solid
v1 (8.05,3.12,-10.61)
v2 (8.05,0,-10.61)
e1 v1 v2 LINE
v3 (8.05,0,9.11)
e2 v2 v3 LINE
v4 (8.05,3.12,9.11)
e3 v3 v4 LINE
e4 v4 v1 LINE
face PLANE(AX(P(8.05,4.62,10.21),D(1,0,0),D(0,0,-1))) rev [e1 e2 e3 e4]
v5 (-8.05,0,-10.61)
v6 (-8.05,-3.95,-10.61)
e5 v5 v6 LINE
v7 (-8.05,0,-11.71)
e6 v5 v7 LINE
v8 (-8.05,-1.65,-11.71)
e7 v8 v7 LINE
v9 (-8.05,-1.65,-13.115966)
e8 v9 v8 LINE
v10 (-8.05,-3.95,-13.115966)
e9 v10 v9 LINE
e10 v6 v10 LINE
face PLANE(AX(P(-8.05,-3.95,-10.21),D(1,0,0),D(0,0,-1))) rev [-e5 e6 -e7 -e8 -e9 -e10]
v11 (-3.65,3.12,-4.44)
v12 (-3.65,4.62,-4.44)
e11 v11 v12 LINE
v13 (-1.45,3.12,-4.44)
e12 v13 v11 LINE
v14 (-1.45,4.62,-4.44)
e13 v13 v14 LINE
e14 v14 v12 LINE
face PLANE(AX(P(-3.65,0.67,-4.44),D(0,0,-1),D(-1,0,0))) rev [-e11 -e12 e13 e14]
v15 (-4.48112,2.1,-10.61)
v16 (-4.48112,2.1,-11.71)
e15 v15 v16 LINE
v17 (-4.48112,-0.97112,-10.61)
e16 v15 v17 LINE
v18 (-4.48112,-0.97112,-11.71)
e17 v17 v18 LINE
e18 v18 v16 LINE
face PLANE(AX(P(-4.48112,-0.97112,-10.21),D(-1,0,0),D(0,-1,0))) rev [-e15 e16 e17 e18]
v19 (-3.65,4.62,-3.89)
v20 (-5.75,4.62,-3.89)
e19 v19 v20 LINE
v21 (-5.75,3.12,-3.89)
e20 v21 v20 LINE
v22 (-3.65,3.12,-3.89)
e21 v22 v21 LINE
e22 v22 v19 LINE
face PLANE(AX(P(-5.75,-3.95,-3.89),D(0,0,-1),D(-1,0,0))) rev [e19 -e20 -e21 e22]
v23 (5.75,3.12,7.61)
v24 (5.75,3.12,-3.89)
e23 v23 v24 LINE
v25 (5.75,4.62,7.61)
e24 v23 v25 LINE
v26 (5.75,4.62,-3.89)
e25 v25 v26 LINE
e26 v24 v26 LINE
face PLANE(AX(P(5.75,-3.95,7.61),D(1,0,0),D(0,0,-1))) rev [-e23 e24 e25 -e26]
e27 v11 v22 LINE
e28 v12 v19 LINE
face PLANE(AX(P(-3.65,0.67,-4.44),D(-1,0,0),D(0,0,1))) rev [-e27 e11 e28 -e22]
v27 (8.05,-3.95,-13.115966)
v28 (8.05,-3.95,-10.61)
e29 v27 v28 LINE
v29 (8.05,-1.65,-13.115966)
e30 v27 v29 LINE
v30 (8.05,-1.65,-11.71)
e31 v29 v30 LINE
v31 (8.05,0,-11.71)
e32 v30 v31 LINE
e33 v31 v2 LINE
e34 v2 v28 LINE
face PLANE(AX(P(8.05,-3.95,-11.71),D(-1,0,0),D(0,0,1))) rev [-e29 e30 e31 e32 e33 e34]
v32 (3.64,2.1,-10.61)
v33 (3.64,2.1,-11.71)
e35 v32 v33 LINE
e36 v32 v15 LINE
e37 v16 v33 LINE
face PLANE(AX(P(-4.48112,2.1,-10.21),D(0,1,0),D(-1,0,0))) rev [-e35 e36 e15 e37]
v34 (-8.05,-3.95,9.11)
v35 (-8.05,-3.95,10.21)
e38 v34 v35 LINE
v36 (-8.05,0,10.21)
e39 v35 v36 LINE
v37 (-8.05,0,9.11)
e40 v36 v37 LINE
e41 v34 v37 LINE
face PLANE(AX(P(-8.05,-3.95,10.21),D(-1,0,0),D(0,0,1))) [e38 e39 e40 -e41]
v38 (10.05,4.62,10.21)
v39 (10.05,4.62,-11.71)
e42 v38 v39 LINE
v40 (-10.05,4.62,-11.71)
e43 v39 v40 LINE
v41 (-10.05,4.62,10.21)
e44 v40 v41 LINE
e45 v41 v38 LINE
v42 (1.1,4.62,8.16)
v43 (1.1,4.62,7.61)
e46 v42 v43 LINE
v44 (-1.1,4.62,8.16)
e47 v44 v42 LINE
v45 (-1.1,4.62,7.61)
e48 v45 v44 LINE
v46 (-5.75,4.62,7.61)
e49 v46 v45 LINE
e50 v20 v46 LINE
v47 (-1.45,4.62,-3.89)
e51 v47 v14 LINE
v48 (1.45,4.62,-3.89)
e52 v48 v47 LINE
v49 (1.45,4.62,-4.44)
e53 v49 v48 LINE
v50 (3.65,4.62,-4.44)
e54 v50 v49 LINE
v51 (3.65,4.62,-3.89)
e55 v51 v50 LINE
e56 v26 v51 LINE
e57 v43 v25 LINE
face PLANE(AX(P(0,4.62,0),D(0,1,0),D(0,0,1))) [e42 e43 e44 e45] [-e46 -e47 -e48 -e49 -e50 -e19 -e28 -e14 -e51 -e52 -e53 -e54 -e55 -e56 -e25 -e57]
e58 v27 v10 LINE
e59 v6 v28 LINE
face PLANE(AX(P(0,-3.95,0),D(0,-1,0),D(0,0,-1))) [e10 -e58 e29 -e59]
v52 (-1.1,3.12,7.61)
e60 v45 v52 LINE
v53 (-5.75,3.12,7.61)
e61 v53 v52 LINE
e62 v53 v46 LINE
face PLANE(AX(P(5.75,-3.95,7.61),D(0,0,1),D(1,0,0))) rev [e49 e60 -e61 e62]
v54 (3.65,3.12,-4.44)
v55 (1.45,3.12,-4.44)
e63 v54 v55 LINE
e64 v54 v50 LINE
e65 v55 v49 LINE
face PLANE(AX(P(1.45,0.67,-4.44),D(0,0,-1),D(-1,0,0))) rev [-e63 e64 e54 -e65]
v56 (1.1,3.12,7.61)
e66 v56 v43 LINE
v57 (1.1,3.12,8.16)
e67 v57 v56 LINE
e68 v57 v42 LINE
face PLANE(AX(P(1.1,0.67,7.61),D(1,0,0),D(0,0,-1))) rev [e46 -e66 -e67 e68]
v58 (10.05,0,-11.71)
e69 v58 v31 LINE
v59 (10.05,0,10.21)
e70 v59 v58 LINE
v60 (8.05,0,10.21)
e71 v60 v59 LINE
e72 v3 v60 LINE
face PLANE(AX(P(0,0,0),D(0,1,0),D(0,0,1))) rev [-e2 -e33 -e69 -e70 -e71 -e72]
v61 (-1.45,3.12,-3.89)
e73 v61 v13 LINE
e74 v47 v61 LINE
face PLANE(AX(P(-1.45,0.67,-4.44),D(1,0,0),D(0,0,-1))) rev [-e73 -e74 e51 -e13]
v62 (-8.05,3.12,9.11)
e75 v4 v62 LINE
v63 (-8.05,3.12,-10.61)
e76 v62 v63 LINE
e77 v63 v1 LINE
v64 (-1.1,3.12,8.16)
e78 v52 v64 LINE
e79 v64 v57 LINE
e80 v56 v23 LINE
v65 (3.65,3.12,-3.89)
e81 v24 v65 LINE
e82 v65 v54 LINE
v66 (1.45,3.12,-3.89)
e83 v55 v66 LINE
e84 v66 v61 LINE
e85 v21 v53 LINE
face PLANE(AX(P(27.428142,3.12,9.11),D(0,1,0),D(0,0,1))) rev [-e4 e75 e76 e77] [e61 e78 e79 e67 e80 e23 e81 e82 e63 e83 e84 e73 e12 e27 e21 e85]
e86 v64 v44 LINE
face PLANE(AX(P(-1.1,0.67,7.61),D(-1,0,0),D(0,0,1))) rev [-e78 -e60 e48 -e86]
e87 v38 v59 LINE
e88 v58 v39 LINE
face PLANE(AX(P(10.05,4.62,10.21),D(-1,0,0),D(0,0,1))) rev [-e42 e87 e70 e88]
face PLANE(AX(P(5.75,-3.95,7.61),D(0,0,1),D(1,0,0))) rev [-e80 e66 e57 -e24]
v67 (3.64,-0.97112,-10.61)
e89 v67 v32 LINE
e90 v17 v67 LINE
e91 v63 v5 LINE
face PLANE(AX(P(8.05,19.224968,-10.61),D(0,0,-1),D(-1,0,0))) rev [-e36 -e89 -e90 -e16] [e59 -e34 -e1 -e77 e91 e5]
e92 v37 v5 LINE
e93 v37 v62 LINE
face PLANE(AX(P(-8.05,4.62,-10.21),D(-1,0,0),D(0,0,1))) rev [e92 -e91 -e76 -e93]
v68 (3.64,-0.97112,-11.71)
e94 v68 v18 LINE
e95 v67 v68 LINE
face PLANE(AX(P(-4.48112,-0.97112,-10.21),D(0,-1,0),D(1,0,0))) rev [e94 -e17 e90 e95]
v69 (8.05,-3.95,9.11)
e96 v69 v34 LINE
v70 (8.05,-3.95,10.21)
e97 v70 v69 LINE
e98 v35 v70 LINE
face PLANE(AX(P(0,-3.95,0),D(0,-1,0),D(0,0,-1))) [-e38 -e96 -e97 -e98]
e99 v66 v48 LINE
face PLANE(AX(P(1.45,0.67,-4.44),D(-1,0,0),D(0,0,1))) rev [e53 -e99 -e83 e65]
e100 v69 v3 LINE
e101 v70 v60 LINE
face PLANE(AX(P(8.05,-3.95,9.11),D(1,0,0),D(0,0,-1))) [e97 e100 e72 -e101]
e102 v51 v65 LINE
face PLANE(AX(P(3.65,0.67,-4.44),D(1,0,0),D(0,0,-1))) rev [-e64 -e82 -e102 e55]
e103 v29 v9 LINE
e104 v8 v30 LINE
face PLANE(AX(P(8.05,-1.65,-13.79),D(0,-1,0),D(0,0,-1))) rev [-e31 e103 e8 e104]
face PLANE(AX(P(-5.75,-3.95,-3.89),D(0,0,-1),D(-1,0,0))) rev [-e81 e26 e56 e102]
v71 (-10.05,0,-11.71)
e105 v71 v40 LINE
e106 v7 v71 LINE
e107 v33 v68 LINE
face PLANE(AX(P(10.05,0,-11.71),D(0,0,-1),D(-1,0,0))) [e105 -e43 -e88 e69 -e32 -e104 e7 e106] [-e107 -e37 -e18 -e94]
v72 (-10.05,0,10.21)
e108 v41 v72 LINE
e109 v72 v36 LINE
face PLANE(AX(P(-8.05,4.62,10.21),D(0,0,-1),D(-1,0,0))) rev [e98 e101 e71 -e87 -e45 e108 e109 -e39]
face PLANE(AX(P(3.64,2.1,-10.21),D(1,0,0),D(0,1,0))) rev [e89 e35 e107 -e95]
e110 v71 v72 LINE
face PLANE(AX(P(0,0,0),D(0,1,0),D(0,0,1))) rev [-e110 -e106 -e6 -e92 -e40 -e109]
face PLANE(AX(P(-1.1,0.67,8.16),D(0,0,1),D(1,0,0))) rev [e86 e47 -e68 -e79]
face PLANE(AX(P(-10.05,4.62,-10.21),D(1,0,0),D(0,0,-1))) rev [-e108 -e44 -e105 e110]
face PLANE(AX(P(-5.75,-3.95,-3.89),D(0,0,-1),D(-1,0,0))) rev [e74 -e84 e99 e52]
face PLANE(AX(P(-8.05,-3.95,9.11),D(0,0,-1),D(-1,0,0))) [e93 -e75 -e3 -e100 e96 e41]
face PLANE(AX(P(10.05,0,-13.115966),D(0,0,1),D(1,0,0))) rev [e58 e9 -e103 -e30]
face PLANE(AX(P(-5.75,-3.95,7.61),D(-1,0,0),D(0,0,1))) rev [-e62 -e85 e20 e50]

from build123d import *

# Parameters (mm, degrees)
SKETCH1_W               = 2
SKETCH1_H               = 20.42
BOSS_EXTRUDE1_DEPTH     = 4.62
BOSS_EXTRUDE1_2_DEPTH   = 4.62
SKETCH2_W               = 16.1
SKETCH2_H               = 1.1
BOSS_EXTRUDE2_DEPTH     = 8.57
SKETCH3_W               = 20.1
SKETCH3_H               = 1.5
BOSS_EXTRUDE3_DEPTH     = 4.62
SKETCH4_W               = 16.1
SKETCH4_H               = 1.5
BOSS_EXTRUDE4_DEPTH     = 3.95
SKETCH5_W               = 19.32
SKETCH5_H               = 1.5
BOSS_EXTRUDE5_DEPTH     = 16.1
SKETCH6_W               = 11.5
SKETCH6_H               = 11.5
CUT_EXTRUDE1_DEPTH      = 18.651388047
SKETCH8_W               = 2.2
SKETCH8_H               = 0.55
CUT_EXTRUDE2_DEPTH      = 3.95
SKETCH10_W              = 8.121119636
SKETCH10_H              = 3.071119636
CUT_EXTRUDE3_DEPTH      = 1.5
SKETCH11_W              = 16.1
SKETCH11_H              = 2.3
BOSS_EXTRUDE6_DEPTH     = 2.08
CUT_EXTRUDE5_START      = -7.07
SKETCH12_W              = 16.1
SKETCH12_H              = 0.4
CUT_EXTRUDE5_DEPTH      = 7.07
CUT_EXTRUDE6_DEPTH      = 24.21892547
CUT_EXTRUDE6_DEPTH_BACK = 24.21892547
SKETCH13_W              = 0.2
SKETCH13_H              = 2.3
SKETCH14_W              = 0.474033505
SKETCH14_H              = 2.3
CUT_EXTRUDE8_DEPTH      = 24.100703452


with BuildPart() as part:
    # Sketch1 → Boss-Extrude1 (new body)
    with BuildSketch(Plane(origin=(0, 0, 0), x_dir=(1, 0, 0), z_dir=(0, 1, 0))):
        with Locations((-9.05, 0)):
            Rectangle(SKETCH1_W, SKETCH1_H)
    extrude(amount=BOSS_EXTRUDE1_DEPTH)



with BuildPart() as body_2:
    # Sketch1 → Boss-Extrude1 2 (new body)
    with BuildSketch(Plane(origin=(0, 0, 0), x_dir=(1, 0, 0), z_dir=(0, 1, 0))):
        with Locations((9.05, 0)):
            Rectangle(SKETCH1_W, SKETCH1_H)
    extrude(amount=BOSS_EXTRUDE1_2_DEPTH)


with BuildPart() as part_1:
    add(part.part)

    add(body_2.part)  # Boss-Extrude2 merges body 2
    # Sketch2 → Boss-Extrude2 (add)
    with BuildSketch(Plane(origin=(0, 4.62, 0), x_dir=(1, 0, 0), z_dir=(0, 1, 0))):
        with Locations((0, -9.66)):
            Rectangle(SKETCH2_W, SKETCH2_H)
    extrude(amount=-BOSS_EXTRUDE2_DEPTH)

    # Sketch3 → Boss-Extrude3 (add)
    with BuildSketch(Plane(origin=(0, 4.62, 0), x_dir=(1, 0, 0), z_dir=(0, 1, 0))):
        with Locations((0, 10.96)):
            Rectangle(SKETCH3_W, SKETCH3_H)
    extrude(amount=-BOSS_EXTRUDE3_DEPTH)

    # Sketch4 → Boss-Extrude4 (add)
    with BuildSketch(Plane.XZ):
        with Locations((0, -10.96)):
            Rectangle(SKETCH4_W, SKETCH4_H)
    extrude(amount=BOSS_EXTRUDE4_DEPTH)

    # Sketch5 → Boss-Extrude5 (add)
    with BuildSketch(Plane(origin=(-8.05, 0, 0), x_dir=(0, 0, -1), z_dir=(1, 0, 0))):
        with Locations((0.55, 3.87)):
            Rectangle(SKETCH5_W, SKETCH5_H)
    extrude(amount=BOSS_EXTRUDE5_DEPTH)

    # Sketch6 → Cut-Extrude1 (cut, through all)
    with BuildSketch(Plane(origin=(0, 4.62, 0), x_dir=(1, 0, 0), z_dir=(0, 1, 0))):
        with Locations((0, -1.86)):
            Rectangle(SKETCH6_W, SKETCH6_H)
    extrude(amount=-CUT_EXTRUDE1_DEPTH, mode=Mode.SUBTRACT)

    # Sketch8 → Cut-Extrude2 (cut)
    with BuildSketch(Plane(origin=(0, 4.62, 0), x_dir=(1, 0, 0), z_dir=(0, 1, 0))):
        with Locations((0, -7.885)):
            Rectangle(SKETCH8_W, SKETCH8_H)
        with Locations((-2.55, 4.165)):
            Rectangle(SKETCH8_W, SKETCH8_H)
        with Locations((2.55, 4.165)):
            Rectangle(SKETCH8_W, SKETCH8_H)
    extrude(amount=-CUT_EXTRUDE2_DEPTH, mode=Mode.SUBTRACT)

    # Sketch10 → Cut-Extrude3 (cut)
    with BuildSketch(Plane(origin=(0, 0, -11.71), x_dir=(-1, 0, 0), z_dir=(0, 0, -1))):
        with Locations((0.420559818, 0.564440182)):
            Rectangle(SKETCH10_W, SKETCH10_H)
    extrude(amount=-CUT_EXTRUDE3_DEPTH, mode=Mode.SUBTRACT)

    # Sketch11 → Boss-Extrude6 (add)
    with BuildSketch(Plane(origin=(0, 0, -11.71), x_dir=(-1, 0, 0), z_dir=(0, 0, -1))):
        with Locations((0, -2.8)):
            Rectangle(SKETCH11_W, SKETCH11_H)
    extrude(amount=BOSS_EXTRUDE6_DEPTH)

    # Sketch12 → Cut-Extrude5 (cut)
    with BuildSketch(Plane.XZ.offset(3.95).offset(CUT_EXTRUDE5_START)):
        with Locations((0, -10.41)):
            Rectangle(SKETCH12_W, SKETCH12_H)
    extrude(amount=CUT_EXTRUDE5_DEPTH, mode=Mode.SUBTRACT)

    # Sketch13 → Cut-Extrude6 (cut, two sides: drawn at the far end of the back side and taken through both)
    with BuildSketch(Plane.ZY.offset(8.05).offset(-CUT_EXTRUDE6_DEPTH_BACK)):
        with Locations((-13.69, -2.8)):
            Rectangle(SKETCH13_W, SKETCH13_H)
    extrude(amount=CUT_EXTRUDE6_DEPTH + CUT_EXTRUDE6_DEPTH_BACK, mode=Mode.SUBTRACT)

    # Sketch14 → Cut-Extrude8 (cut, through all)
    with BuildSketch(Plane.ZY.offset(8.05)):
        with Locations((-13.352983248, -2.8)):
            Rectangle(SKETCH14_W, SKETCH14_H)
    extrude(amount=-CUT_EXTRUDE8_DEPTH, mode=Mode.SUBTRACT)


solid = part_1.part
